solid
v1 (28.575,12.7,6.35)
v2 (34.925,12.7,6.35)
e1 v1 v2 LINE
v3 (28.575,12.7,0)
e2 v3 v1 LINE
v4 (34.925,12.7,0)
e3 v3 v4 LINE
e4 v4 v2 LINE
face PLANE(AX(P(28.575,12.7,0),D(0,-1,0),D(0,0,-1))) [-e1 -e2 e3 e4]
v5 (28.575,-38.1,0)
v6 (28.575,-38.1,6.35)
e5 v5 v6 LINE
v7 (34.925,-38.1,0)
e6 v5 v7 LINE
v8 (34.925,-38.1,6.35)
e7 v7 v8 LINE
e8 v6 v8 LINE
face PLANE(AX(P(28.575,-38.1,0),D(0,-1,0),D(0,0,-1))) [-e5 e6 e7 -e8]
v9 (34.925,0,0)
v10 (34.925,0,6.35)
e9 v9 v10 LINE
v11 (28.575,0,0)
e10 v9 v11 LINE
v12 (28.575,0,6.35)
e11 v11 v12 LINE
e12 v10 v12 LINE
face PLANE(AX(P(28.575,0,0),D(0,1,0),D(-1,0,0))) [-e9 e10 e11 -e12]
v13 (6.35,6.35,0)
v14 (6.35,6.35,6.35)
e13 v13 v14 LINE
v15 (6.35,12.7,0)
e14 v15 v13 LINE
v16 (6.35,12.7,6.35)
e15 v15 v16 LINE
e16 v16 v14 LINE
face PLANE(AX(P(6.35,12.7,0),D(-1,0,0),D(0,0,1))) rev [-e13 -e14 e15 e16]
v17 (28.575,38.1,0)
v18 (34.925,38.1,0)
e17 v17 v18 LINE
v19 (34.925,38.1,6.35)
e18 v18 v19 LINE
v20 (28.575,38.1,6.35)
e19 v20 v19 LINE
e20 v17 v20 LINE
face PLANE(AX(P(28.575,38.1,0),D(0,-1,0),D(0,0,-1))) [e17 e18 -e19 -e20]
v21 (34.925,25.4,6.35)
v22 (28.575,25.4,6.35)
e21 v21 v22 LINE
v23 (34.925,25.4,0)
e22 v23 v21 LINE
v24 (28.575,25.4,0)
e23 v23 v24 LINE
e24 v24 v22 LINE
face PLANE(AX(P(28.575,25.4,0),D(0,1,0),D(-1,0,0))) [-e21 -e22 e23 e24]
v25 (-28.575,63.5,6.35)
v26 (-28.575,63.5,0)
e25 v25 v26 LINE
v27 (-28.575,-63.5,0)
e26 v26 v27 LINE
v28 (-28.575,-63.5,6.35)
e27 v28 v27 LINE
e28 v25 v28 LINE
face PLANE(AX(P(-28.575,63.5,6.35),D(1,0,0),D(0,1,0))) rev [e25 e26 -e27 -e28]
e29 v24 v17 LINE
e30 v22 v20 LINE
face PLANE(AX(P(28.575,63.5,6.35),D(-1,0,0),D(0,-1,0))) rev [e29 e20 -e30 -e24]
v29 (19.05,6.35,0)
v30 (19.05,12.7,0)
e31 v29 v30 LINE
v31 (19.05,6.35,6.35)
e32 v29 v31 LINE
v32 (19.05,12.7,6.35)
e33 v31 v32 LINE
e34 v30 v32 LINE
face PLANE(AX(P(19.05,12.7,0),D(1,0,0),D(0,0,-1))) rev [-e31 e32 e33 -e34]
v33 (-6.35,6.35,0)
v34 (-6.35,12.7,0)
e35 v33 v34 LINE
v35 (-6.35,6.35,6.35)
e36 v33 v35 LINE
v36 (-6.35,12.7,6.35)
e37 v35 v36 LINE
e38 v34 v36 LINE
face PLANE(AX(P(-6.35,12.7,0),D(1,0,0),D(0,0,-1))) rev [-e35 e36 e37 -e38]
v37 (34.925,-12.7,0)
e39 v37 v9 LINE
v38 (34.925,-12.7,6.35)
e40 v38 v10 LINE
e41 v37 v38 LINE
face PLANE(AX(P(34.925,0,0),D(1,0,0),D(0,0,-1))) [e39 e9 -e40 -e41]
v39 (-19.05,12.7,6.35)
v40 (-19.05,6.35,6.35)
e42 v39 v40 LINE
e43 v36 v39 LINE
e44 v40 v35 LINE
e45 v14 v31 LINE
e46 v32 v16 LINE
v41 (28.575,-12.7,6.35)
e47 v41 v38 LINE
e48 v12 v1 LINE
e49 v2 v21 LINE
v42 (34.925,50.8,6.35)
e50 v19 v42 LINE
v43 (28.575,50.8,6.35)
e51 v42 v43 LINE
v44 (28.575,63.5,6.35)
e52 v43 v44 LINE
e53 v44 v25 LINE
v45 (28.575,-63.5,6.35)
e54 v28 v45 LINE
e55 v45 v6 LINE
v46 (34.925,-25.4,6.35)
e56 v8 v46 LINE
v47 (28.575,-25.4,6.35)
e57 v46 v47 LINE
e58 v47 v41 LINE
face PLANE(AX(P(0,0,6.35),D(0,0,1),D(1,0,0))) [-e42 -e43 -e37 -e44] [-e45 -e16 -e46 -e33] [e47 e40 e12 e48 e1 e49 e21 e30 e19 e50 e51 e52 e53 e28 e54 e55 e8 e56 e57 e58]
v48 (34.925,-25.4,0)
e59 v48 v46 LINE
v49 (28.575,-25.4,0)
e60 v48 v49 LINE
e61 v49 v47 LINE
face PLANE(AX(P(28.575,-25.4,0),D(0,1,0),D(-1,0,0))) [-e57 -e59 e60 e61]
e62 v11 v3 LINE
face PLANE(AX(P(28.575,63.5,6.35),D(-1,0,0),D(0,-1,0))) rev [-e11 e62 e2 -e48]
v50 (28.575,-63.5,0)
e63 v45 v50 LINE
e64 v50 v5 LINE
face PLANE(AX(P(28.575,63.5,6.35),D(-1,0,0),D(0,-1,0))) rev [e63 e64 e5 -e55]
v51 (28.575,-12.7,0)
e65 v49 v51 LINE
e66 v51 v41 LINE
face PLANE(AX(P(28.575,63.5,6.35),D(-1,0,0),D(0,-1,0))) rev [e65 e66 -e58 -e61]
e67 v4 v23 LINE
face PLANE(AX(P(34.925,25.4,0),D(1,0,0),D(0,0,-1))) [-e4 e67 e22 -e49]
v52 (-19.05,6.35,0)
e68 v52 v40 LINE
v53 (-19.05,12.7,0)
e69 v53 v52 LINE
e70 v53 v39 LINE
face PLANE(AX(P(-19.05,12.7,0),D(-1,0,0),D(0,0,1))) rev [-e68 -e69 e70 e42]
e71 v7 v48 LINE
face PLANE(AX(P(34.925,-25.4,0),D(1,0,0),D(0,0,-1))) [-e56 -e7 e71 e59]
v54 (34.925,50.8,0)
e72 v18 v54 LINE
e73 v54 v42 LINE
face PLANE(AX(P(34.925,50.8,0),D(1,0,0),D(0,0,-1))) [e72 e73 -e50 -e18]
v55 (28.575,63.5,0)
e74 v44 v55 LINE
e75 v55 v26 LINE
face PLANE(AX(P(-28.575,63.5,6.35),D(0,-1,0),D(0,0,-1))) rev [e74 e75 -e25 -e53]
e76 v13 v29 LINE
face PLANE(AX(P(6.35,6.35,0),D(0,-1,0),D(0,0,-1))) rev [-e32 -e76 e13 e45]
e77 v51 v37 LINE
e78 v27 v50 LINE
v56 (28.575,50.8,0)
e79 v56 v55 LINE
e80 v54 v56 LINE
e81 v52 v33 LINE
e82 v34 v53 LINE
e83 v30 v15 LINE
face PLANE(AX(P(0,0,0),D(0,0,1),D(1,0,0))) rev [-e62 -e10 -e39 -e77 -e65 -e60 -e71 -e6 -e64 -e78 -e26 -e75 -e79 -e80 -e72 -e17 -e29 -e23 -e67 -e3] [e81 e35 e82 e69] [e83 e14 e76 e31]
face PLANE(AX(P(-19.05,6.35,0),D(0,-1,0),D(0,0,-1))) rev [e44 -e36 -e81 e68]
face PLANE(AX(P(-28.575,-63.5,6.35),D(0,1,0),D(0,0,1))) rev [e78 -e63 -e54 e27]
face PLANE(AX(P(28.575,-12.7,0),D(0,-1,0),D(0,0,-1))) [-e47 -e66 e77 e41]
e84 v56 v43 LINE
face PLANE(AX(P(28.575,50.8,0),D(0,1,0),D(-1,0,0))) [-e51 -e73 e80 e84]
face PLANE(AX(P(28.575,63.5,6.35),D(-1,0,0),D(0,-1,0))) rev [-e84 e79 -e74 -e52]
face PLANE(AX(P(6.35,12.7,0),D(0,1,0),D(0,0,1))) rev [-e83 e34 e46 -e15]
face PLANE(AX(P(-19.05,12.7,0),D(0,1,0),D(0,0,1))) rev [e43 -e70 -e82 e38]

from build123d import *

# Parameters (mm, degrees)
ESQUISSE1_W                     = 57.15
ESQUISSE1_H                     = 127
BOSS_EXTRU_1_DEPTH              = 6.35
ESQUISSE2_W                     = 6.35
ESQUISSE2_H                     = 12.7
BOSS_EXTRU_2_DEPTH              = 6.35
R_P_TITION_LIN_AIRE1_COUNT      = 4
R_P_TITION_LIN_AIRE1_PITCH      = 25.4
ESQUISSE3_W                     = 12.7
ESQUISSE3_H                     = 6.35
ENL_V_MAT_EXTRU_1_DEPTH         = 6.35
R_P_TITION_LIN_AIRE2_COUNT      = 2
R_P_TITION_LIN_AIRE2_PITCH      = 25.4
R_P_TITION_LIN_AIRE2_COUNT_DIR2 = 2
R_P_TITION_LIN_AIRE2_PITCH_DIR2 = 57.15


with BuildPart() as part:
    # Esquisse1 → Boss.-Extru.1 (new body)
    with BuildSketch(Plane.XY):
        Rectangle(ESQUISSE1_W, ESQUISSE1_H)
    extrude(amount=BOSS_EXTRU_1_DEPTH)

    # Esquisse2 → Boss.-Extru.2 (add)
    with BuildSketch(Plane.XY.offset(6.35)):
        with Locations((31.75, 44.45)):
            Rectangle(ESQUISSE2_W, ESQUISSE2_H)
    boss_extru_2 = extrude(amount=-BOSS_EXTRU_2_DEPTH)

    # Répétition linéaire1: Boss.-Extru.2 ×4
    with Locations(*[(0, -i * R_P_TITION_LIN_AIRE1_PITCH, 0) for i in range(1, R_P_TITION_LIN_AIRE1_COUNT)]):
        add(boss_extru_2)

    # Esquisse3 → Enlèv. mat.-Extru.1 (cut)
    with BuildSketch(Plane.XY.offset(6.35)):
        with Locations((-12.7, 9.525)):
            Rectangle(ESQUISSE3_W, ESQUISSE3_H)
    enl_v_mat_extru_1 = extrude(amount=-ENL_V_MAT_EXTRU_1_DEPTH, mode=Mode.SUBTRACT)

    # Répétition linéaire2: Enl_v. mat.-Extru.1 2 × 2
    with Locations(*[(i * R_P_TITION_LIN_AIRE2_PITCH, j * R_P_TITION_LIN_AIRE2_PITCH_DIR2, 0) for i in range(R_P_TITION_LIN_AIRE2_COUNT) for j in range(R_P_TITION_LIN_AIRE2_COUNT_DIR2) if (i, j) != (0, 0)]):
        add(enl_v_mat_extru_1, mode=Mode.SUBTRACT)


solid = part.part
